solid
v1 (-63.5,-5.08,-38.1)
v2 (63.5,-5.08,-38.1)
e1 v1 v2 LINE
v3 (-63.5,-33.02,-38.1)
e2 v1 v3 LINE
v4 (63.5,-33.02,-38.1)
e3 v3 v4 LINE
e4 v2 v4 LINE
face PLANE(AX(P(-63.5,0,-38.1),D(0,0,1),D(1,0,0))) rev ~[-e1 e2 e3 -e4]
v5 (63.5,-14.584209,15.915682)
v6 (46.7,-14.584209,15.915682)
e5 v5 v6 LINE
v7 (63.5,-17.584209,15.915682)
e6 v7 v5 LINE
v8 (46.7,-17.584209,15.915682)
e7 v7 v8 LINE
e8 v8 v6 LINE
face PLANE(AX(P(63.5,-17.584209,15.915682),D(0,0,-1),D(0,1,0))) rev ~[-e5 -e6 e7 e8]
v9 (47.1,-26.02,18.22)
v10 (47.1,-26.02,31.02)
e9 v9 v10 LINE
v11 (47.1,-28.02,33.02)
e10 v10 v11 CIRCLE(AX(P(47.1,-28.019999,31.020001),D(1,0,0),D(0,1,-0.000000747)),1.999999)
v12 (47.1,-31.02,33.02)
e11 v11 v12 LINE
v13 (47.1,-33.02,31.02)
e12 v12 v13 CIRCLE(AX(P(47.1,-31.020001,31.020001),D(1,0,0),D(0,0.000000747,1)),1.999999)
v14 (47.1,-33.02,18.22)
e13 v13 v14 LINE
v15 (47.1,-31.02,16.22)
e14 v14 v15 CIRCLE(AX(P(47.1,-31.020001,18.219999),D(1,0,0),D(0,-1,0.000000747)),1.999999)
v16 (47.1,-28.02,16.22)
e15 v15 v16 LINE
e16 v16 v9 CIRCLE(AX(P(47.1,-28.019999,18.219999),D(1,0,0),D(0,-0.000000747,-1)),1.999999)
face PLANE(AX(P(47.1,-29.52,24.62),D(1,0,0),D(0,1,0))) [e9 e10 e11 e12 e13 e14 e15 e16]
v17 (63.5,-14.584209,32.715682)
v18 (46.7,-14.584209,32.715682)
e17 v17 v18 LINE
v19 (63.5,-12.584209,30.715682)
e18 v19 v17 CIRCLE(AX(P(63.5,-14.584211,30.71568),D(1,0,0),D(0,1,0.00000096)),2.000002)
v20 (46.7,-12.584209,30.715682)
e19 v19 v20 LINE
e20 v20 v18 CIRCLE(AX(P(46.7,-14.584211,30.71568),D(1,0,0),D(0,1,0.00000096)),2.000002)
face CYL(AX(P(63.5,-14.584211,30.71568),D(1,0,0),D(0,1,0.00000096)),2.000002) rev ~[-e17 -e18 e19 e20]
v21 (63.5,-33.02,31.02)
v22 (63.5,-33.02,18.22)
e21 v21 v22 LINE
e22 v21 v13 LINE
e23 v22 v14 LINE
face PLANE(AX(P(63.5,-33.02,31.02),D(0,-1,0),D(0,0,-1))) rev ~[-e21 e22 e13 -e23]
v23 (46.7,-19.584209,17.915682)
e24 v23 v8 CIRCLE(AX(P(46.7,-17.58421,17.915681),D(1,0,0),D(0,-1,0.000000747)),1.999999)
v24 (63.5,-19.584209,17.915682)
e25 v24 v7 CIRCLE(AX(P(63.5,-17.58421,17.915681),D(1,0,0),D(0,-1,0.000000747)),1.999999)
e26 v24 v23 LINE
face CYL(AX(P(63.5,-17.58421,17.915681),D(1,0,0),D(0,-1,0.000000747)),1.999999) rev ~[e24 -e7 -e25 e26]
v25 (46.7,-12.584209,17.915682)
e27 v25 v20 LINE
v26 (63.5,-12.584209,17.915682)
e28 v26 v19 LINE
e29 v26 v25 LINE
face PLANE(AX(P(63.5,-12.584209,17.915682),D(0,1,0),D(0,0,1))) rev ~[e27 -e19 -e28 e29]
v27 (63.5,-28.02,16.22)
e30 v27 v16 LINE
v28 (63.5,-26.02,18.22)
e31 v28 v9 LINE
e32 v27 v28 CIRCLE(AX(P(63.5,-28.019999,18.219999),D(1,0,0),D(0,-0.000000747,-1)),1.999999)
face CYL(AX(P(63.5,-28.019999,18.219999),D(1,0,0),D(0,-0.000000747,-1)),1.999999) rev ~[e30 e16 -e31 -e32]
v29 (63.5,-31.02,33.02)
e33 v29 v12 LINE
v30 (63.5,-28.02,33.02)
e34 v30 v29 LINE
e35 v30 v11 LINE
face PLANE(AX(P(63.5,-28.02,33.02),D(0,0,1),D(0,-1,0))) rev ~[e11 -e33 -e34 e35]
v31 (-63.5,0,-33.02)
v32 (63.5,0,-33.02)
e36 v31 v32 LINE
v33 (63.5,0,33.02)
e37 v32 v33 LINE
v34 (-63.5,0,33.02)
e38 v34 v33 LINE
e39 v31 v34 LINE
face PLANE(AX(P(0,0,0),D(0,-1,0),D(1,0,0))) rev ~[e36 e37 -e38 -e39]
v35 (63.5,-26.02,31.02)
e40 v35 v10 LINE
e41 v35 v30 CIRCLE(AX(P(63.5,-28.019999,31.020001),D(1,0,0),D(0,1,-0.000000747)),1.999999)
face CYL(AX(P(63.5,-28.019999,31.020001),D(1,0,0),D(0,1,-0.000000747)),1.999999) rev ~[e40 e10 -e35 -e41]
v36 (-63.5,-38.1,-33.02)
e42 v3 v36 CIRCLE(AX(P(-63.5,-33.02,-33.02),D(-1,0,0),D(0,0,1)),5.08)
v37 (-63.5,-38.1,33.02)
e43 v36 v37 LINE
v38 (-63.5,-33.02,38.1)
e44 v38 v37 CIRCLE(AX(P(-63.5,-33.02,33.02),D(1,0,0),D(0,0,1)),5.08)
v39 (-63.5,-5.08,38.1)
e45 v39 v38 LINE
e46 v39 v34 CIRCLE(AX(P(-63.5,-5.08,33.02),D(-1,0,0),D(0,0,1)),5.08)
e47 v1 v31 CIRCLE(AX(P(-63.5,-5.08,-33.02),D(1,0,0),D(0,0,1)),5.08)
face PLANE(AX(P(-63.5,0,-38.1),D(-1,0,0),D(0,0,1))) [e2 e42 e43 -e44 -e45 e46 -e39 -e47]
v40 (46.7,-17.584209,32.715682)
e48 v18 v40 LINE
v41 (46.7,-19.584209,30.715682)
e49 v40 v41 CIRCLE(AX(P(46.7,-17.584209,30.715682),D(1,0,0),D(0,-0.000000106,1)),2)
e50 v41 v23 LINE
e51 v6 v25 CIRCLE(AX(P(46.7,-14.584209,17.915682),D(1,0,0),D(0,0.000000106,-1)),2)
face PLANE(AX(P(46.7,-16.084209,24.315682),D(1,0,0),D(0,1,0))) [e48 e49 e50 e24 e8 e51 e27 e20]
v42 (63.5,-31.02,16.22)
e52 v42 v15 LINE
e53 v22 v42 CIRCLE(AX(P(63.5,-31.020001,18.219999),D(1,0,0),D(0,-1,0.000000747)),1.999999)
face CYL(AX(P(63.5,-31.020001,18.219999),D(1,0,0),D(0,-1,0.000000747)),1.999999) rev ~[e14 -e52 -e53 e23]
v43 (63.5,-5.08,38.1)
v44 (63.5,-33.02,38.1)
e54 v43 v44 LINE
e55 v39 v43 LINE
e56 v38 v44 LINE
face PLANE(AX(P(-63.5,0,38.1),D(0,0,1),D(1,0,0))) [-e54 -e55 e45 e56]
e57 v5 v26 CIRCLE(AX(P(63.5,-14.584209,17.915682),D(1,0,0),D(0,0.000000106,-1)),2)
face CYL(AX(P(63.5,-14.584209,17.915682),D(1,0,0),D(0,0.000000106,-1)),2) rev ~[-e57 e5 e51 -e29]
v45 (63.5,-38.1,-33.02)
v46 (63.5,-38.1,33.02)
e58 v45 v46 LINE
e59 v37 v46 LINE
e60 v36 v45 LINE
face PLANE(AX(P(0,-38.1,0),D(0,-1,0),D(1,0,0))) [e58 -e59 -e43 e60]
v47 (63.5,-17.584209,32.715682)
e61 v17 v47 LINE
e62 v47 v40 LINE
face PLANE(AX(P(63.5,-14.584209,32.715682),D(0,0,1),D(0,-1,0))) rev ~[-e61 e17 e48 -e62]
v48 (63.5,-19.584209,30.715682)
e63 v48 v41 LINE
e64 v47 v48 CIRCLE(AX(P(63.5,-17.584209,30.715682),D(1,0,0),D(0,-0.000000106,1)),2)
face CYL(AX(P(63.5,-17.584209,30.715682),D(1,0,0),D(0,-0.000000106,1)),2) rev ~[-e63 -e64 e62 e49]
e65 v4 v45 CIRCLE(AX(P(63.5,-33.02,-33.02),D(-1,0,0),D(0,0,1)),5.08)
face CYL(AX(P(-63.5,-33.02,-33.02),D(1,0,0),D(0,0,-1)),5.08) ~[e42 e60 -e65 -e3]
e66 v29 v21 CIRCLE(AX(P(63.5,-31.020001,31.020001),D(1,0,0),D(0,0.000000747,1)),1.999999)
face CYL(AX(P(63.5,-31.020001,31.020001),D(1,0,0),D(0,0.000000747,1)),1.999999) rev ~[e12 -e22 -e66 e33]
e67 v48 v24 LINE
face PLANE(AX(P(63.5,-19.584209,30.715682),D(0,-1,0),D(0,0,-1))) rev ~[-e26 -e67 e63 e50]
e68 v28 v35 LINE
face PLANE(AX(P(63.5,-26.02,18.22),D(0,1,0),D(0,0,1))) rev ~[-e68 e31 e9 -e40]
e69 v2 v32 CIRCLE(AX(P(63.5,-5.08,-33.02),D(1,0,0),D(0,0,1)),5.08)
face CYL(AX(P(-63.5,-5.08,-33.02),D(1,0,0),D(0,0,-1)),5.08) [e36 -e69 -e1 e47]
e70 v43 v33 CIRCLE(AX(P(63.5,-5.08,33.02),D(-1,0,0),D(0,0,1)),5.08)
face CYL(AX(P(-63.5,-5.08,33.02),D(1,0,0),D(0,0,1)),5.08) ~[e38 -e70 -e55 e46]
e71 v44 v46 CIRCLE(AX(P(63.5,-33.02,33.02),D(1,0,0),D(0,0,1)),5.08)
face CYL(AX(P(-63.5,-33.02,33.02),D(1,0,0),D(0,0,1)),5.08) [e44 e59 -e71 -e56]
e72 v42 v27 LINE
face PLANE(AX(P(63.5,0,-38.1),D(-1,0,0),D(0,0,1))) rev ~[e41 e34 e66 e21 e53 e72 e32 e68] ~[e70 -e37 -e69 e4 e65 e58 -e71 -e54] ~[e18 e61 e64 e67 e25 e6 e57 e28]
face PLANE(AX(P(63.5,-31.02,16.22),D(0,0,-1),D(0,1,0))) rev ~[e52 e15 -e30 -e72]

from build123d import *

# Parameters (mm, degrees)
F0_W     = 127
F0_H     = 76.2
F1_DEPTH = 38.1
F2_R     = 5.08
F4_DEPTH = 16.4
F6_DEPTH = 16.8


with BuildPart() as f1:
    # F0 (on Front) → F1 (new body)
    with BuildSketch(Plane.XZ):
        Rectangle(F0_W, F0_H)
    extrude(amount=F1_DEPTH)

    # F2
    f2_edges = [f1.edges().sort_by_distance(p)[0] for p in [
        (0, -38.1, 38.1),
        (0, 0, 38.1),
        (0, -38.1, -38.1),
        (0, 0, -38.1),
    ]]
    fillet(f2_edges, radius=F2_R)

    # F3 (on face) → F4 (cut)
    with BuildSketch(Plane.YZ.offset(63.5)):
        with BuildLine():
            Line((-28.02, 33.02), (-31.02, 33.02))
            ThreePointArc((-31.02, 33.02), (-32.434214, 32.434214), (-33.02, 31.02))
            Line((-33.02, 31.02), (-33.02, 18.22))
            ThreePointArc((-33.02, 18.22), (-32.434214, 16.805786), (-31.02, 16.22))
            Line((-31.02, 16.22), (-28.02, 16.22))
            ThreePointArc((-28.02, 16.22), (-26.605786, 16.805786), (-26.02, 18.22))
            Line((-26.02, 18.22), (-26.02, 31.02))
            ThreePointArc((-26.02, 31.02), (-26.605786, 32.434214), (-28.02, 33.02))
        make_face()
    extrude(amount=-F4_DEPTH, mode=Mode.SUBTRACT)

    # F5 (on face) → F6 (cut)
    with BuildSketch(Plane.YZ.offset(63.5)):
        with BuildLine():
            Line((-14.584209, 32.715682), (-17.584209, 32.715682))
            ThreePointArc((-17.584209, 32.715682), (-18.998423, 32.129895), (-19.584209, 30.715682))
            Line((-19.584209, 30.715682), (-19.584209, 17.915682))
            ThreePointArc((-19.584209, 17.915682), (-18.998423, 16.501468), (-17.584209, 15.915682))
            Line((-17.584209, 15.915682), (-14.584209, 15.915682))
            ThreePointArc((-14.584209, 15.915682), (-13.169996, 16.501468), (-12.584209, 17.915682))
            Line((-12.584209, 17.915682), (-12.584209, 30.715682))
            ThreePointArc((-12.584209, 30.715682), (-13.169996, 32.129895), (-14.584209, 32.715682))
        make_face()
    extrude(amount=-F6_DEPTH, mode=Mode.SUBTRACT)


solid = f1.part
